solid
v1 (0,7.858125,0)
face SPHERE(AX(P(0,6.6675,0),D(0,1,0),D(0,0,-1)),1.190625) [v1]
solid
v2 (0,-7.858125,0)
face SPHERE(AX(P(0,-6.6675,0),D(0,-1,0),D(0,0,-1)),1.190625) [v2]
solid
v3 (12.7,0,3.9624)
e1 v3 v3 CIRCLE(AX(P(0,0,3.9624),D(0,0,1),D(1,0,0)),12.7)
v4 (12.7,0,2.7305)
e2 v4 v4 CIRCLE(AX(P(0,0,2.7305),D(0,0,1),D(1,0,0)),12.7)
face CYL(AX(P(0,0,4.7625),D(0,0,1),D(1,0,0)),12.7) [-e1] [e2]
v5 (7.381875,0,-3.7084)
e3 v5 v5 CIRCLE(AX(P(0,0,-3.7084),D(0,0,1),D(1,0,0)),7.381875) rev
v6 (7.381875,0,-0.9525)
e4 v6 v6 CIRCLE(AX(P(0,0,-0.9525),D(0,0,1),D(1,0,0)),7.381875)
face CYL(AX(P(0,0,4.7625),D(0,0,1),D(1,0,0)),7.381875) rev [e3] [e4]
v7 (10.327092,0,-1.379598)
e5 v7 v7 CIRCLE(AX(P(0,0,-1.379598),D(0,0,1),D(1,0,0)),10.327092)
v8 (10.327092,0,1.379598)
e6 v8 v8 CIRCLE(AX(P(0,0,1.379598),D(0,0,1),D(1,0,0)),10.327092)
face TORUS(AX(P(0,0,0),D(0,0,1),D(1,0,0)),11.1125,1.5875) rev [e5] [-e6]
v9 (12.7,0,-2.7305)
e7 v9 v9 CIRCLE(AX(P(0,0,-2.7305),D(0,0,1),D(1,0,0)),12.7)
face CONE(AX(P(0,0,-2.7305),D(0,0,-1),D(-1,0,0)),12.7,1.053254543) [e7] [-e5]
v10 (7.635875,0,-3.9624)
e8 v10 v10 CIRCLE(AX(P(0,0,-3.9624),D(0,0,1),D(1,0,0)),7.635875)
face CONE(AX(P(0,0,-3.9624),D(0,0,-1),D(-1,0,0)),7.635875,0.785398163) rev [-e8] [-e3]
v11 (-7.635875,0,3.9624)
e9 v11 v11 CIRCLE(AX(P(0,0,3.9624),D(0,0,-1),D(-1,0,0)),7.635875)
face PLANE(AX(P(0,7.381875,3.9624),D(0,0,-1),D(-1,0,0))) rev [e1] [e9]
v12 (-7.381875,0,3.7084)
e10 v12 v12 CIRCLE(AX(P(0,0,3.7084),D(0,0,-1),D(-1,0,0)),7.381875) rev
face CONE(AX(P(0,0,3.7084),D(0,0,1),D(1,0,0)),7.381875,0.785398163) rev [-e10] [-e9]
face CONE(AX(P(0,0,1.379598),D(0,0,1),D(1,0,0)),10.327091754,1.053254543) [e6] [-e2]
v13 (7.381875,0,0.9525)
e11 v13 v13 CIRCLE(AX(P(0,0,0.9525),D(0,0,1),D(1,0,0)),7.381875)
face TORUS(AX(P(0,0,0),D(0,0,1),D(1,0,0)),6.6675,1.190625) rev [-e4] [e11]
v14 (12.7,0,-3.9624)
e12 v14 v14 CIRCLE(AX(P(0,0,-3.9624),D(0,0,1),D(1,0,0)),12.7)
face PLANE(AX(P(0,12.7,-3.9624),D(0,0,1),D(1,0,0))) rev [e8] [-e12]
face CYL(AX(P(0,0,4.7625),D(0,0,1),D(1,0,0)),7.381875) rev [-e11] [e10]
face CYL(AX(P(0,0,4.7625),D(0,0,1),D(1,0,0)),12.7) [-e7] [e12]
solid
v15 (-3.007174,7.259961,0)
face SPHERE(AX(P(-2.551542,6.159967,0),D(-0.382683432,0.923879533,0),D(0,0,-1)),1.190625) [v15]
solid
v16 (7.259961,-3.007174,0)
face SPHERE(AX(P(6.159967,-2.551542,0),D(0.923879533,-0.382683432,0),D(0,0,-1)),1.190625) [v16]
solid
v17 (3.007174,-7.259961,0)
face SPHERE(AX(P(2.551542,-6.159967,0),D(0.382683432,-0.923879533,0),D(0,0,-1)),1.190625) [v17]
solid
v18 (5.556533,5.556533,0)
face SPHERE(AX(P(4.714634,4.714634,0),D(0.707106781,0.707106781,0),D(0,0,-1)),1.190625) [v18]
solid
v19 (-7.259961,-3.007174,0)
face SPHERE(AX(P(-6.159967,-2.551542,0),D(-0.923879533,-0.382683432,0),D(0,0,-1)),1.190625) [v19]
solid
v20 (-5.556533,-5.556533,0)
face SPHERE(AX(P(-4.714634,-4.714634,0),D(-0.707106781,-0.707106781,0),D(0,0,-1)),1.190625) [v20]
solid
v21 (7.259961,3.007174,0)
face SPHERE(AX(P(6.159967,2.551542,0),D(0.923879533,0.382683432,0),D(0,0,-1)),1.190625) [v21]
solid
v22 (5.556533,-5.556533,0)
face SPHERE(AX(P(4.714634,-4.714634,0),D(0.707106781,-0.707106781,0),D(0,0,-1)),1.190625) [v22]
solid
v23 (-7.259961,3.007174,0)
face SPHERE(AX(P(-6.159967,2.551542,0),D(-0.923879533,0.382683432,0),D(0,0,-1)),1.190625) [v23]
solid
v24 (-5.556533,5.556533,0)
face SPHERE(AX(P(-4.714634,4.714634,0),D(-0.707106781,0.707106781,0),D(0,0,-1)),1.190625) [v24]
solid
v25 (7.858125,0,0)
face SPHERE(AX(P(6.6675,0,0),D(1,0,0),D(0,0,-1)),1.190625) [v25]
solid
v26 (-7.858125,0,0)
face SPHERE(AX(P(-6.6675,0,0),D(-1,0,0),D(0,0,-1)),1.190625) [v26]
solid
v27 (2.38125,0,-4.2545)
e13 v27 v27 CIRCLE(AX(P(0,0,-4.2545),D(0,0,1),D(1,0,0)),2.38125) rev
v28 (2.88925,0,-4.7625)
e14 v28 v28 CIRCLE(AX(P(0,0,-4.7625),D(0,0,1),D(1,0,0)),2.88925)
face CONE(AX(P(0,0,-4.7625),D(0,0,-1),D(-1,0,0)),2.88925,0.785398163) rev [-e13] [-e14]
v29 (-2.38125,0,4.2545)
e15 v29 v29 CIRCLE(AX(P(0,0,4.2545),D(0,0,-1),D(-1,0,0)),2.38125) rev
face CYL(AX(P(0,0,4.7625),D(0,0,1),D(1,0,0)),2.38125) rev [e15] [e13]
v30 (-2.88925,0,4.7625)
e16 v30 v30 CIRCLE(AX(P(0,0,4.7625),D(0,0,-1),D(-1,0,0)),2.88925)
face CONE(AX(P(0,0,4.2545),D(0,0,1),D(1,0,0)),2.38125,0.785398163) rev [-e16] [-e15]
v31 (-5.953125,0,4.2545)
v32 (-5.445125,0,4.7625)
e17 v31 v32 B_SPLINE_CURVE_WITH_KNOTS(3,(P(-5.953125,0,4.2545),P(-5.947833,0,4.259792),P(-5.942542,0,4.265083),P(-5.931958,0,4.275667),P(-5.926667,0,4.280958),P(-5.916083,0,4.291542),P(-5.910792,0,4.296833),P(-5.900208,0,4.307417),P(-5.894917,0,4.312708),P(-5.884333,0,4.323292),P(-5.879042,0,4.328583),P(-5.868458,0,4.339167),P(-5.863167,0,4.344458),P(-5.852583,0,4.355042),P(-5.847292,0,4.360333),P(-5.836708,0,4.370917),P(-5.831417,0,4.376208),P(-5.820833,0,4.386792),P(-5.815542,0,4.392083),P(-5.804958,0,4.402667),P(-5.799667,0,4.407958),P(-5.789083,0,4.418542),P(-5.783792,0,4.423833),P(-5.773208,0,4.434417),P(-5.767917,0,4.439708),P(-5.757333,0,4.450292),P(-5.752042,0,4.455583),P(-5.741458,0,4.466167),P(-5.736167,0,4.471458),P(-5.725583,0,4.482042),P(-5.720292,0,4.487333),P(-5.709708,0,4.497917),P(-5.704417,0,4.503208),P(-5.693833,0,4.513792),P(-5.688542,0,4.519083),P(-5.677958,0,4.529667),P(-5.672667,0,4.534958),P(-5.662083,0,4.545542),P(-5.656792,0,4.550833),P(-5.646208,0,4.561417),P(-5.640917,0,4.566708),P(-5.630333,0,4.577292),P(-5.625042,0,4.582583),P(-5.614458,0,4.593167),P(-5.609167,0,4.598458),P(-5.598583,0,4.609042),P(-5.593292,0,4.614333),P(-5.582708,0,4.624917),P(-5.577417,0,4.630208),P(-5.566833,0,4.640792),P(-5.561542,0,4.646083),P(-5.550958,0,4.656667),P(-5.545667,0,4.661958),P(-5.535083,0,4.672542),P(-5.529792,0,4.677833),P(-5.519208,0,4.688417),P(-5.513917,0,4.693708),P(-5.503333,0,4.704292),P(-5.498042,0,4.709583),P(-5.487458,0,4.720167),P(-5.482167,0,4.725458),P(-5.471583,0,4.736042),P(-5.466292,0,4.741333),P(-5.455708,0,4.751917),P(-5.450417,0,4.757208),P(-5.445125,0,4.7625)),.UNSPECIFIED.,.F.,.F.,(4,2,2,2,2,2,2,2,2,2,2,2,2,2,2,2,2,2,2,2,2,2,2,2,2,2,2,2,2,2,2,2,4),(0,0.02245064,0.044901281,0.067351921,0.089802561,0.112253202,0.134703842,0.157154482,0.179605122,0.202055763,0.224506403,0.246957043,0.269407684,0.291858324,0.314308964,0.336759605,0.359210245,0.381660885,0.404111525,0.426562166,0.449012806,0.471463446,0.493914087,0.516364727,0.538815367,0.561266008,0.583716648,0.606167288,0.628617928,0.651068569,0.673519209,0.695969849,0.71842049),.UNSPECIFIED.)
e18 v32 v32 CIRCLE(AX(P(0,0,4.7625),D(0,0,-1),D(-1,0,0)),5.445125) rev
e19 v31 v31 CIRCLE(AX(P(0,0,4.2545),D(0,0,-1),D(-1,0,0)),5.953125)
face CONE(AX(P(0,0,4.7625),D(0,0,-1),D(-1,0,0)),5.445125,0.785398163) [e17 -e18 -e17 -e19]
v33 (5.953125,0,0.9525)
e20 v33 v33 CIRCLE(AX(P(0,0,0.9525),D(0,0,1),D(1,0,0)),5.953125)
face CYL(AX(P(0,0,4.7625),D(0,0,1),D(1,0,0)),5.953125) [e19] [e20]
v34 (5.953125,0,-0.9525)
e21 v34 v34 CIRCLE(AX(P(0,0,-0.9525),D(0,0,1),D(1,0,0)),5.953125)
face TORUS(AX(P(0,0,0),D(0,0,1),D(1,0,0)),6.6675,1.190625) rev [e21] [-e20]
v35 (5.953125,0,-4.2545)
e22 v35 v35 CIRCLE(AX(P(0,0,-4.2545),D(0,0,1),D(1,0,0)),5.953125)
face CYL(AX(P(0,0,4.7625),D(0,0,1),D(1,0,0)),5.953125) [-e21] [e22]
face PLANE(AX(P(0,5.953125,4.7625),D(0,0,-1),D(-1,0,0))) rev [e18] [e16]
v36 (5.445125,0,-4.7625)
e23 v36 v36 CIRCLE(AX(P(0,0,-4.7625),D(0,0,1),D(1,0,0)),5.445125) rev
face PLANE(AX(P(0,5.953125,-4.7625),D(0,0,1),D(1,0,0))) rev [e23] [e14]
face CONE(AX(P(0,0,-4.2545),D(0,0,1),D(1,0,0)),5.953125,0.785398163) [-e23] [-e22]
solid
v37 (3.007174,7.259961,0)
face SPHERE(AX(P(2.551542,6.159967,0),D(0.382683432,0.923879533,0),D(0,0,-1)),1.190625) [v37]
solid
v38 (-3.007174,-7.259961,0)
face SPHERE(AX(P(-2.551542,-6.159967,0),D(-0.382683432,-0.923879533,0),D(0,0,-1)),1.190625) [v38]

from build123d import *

# Parameters (mm, degrees)
CIRPATTERN1_COUNT = 16
CHAMFER1_SIZE     = 0.508
CHAMFER2_SIZE     = 0.254


with BuildPart() as part:
    # Sketch1 → Revolve1 (revolve)
    with BuildSketch(Plane(origin=(0, 0, 0), x_dir=(0, 0, -1), z_dir=(1, 0, 0)), mode=Mode.PRIVATE) as revolve1_sk:
        with BuildLine():
            Line((2.7305, 12.7), (3.9624, 12.7))
            Line((3.9624, 12.7), (3.9624, 7.381875))
            Line((3.9624, 7.381875), (0.9525, 7.381875))
            ThreePointArc((0.9525, 7.381875), (0, 7.858125), (-0.9525, 7.381875))
            Line((-0.9525, 7.381875), (-3.9624, 7.381875))
            Line((-3.9624, 7.381875), (-3.9624, 12.7))
            Line((-3.9624, 12.7), (-2.7305, 12.7))
            Line((-2.7305, 12.7), (-1.379597817, 10.327091754))
            ThreePointArc((-1.379597817, 10.327091754), (0, 9.525), (1.379597817, 10.327091754))
            Line((1.379597817, 10.327091754), (2.7305, 12.7))
        make_face()
        with BuildLine():
            Line((4.7625, 2.38125), (-4.7625, 2.38125))
            Line((-4.7625, 2.38125), (-4.7625, 5.953125))
            Line((-4.7625, 5.953125), (-0.9525, 5.953125))
            ThreePointArc((-0.9525, 5.953125), (0, 5.476875), (0.9525, 5.953125))
            Line((0.9525, 5.953125), (4.7625, 5.953125))
            Line((4.7625, 5.953125), (4.7625, 2.38125))
        make_face()
    revolve(revolve1_sk.sketch.rotate(Axis((0, 0, 4.7625), (0, 0, -1)), 90), axis=Axis((0, 0, 4.7625), (0, 0, -1)))

    # Chamfer1
    chamfer1_edges = [part.edges().sort_by_distance(p)[0] for p in [
        (-5.953125, 0, 4.7625),
        (-5.953125, 0, -4.7625),
        (-2.38125, 0, -4.7625),
        (-2.38125, 0, 4.7625),
    ]]
    chamfer(chamfer1_edges, length=CHAMFER1_SIZE)

    # Chamfer2
    chamfer2_edges = [part.edges().sort_by_distance(p)[0] for p in [
        (-7.381875, 0, -3.9624),
        (-7.381875, 0, 3.9624),
    ]]
    chamfer(chamfer2_edges, length=CHAMFER2_SIZE)


with BuildPart() as body_2:
    # Sketch2 → Revolve2 (revolve)
    with BuildSketch(Plane(origin=(0, 0, 0), x_dir=(0, 0, -1), z_dir=(1, 0, 0))):
        with BuildLine():
            Line((0, 7.858125), (0, 5.476875))
            ThreePointArc((0, 5.476875), (1.190625, 6.6675), (0, 7.858125))
        make_face()
    revolve(axis=Axis((0, 7.858125, 0), (0, -1, 0)))


with BuildPart() as cirpattern1_1:
    # CirPattern1: pattern copy
    add(body_2.part.rotate(Axis((0, 0, 0), (0, 0, 1)), 1 * 360 / CIRPATTERN1_COUNT))


with BuildPart() as cirpattern1_2:
    # CirPattern1: pattern copy
    add(body_2.part.rotate(Axis((0, 0, 0), (0, 0, 1)), 2 * 360 / CIRPATTERN1_COUNT))


with BuildPart() as cirpattern1_3:
    # CirPattern1: pattern copy
    add(body_2.part.rotate(Axis((0, 0, 0), (0, 0, 1)), 3 * 360 / CIRPATTERN1_COUNT))


with BuildPart() as cirpattern1_4:
    # CirPattern1: pattern copy
    add(body_2.part.rotate(Axis((0, 0, 0), (0, 0, 1)), 4 * 360 / CIRPATTERN1_COUNT))


with BuildPart() as cirpattern1_5:
    # CirPattern1: pattern copy
    add(body_2.part.rotate(Axis((0, 0, 0), (0, 0, 1)), 5 * 360 / CIRPATTERN1_COUNT))


with BuildPart() as cirpattern1_6:
    # CirPattern1: pattern copy
    add(body_2.part.rotate(Axis((0, 0, 0), (0, 0, 1)), 6 * 360 / CIRPATTERN1_COUNT))


with BuildPart() as cirpattern1_7:
    # CirPattern1: pattern copy
    add(body_2.part.rotate(Axis((0, 0, 0), (0, 0, 1)), 7 * 360 / CIRPATTERN1_COUNT))


with BuildPart() as cirpattern1_8:
    # CirPattern1: pattern copy
    add(body_2.part.rotate(Axis((0, 0, 0), (0, 0, 1)), 8 * 360 / CIRPATTERN1_COUNT))


with BuildPart() as cirpattern1_9:
    # CirPattern1: pattern copy
    add(body_2.part.rotate(Axis((0, 0, 0), (0, 0, 1)), 9 * 360 / CIRPATTERN1_COUNT))


with BuildPart() as cirpattern1_10:
    # CirPattern1: pattern copy
    add(body_2.part.rotate(Axis((0, 0, 0), (0, 0, 1)), 10 * 360 / CIRPATTERN1_COUNT))


with BuildPart() as cirpattern1_11:
    # CirPattern1: pattern copy
    add(body_2.part.rotate(Axis((0, 0, 0), (0, 0, 1)), 11 * 360 / CIRPATTERN1_COUNT))


with BuildPart() as cirpattern1_12:
    # CirPattern1: pattern copy
    add(body_2.part.rotate(Axis((0, 0, 0), (0, 0, 1)), 12 * 360 / CIRPATTERN1_COUNT))


with BuildPart() as cirpattern1_13:
    # CirPattern1: pattern copy
    add(body_2.part.rotate(Axis((0, 0, 0), (0, 0, 1)), 13 * 360 / CIRPATTERN1_COUNT))


with BuildPart() as cirpattern1_14:
    # CirPattern1: pattern copy
    add(body_2.part.rotate(Axis((0, 0, 0), (0, 0, 1)), 14 * 360 / CIRPATTERN1_COUNT))


with BuildPart() as cirpattern1_15:
    # CirPattern1: pattern copy
    add(body_2.part.rotate(Axis((0, 0, 0), (0, 0, 1)), 15 * 360 / CIRPATTERN1_COUNT))


solid = Compound([part.part, body_2.part, cirpattern1_1.part, cirpattern1_2.part, cirpattern1_3.part, cirpattern1_4.part, cirpattern1_5.part, cirpattern1_6.part, cirpattern1_7.part, cirpattern1_8.part, cirpattern1_9.part, cirpattern1_10.part, cirpattern1_11.part, cirpattern1_12.part, cirpattern1_13.part, cirpattern1_14.part, cirpattern1_15.part])
